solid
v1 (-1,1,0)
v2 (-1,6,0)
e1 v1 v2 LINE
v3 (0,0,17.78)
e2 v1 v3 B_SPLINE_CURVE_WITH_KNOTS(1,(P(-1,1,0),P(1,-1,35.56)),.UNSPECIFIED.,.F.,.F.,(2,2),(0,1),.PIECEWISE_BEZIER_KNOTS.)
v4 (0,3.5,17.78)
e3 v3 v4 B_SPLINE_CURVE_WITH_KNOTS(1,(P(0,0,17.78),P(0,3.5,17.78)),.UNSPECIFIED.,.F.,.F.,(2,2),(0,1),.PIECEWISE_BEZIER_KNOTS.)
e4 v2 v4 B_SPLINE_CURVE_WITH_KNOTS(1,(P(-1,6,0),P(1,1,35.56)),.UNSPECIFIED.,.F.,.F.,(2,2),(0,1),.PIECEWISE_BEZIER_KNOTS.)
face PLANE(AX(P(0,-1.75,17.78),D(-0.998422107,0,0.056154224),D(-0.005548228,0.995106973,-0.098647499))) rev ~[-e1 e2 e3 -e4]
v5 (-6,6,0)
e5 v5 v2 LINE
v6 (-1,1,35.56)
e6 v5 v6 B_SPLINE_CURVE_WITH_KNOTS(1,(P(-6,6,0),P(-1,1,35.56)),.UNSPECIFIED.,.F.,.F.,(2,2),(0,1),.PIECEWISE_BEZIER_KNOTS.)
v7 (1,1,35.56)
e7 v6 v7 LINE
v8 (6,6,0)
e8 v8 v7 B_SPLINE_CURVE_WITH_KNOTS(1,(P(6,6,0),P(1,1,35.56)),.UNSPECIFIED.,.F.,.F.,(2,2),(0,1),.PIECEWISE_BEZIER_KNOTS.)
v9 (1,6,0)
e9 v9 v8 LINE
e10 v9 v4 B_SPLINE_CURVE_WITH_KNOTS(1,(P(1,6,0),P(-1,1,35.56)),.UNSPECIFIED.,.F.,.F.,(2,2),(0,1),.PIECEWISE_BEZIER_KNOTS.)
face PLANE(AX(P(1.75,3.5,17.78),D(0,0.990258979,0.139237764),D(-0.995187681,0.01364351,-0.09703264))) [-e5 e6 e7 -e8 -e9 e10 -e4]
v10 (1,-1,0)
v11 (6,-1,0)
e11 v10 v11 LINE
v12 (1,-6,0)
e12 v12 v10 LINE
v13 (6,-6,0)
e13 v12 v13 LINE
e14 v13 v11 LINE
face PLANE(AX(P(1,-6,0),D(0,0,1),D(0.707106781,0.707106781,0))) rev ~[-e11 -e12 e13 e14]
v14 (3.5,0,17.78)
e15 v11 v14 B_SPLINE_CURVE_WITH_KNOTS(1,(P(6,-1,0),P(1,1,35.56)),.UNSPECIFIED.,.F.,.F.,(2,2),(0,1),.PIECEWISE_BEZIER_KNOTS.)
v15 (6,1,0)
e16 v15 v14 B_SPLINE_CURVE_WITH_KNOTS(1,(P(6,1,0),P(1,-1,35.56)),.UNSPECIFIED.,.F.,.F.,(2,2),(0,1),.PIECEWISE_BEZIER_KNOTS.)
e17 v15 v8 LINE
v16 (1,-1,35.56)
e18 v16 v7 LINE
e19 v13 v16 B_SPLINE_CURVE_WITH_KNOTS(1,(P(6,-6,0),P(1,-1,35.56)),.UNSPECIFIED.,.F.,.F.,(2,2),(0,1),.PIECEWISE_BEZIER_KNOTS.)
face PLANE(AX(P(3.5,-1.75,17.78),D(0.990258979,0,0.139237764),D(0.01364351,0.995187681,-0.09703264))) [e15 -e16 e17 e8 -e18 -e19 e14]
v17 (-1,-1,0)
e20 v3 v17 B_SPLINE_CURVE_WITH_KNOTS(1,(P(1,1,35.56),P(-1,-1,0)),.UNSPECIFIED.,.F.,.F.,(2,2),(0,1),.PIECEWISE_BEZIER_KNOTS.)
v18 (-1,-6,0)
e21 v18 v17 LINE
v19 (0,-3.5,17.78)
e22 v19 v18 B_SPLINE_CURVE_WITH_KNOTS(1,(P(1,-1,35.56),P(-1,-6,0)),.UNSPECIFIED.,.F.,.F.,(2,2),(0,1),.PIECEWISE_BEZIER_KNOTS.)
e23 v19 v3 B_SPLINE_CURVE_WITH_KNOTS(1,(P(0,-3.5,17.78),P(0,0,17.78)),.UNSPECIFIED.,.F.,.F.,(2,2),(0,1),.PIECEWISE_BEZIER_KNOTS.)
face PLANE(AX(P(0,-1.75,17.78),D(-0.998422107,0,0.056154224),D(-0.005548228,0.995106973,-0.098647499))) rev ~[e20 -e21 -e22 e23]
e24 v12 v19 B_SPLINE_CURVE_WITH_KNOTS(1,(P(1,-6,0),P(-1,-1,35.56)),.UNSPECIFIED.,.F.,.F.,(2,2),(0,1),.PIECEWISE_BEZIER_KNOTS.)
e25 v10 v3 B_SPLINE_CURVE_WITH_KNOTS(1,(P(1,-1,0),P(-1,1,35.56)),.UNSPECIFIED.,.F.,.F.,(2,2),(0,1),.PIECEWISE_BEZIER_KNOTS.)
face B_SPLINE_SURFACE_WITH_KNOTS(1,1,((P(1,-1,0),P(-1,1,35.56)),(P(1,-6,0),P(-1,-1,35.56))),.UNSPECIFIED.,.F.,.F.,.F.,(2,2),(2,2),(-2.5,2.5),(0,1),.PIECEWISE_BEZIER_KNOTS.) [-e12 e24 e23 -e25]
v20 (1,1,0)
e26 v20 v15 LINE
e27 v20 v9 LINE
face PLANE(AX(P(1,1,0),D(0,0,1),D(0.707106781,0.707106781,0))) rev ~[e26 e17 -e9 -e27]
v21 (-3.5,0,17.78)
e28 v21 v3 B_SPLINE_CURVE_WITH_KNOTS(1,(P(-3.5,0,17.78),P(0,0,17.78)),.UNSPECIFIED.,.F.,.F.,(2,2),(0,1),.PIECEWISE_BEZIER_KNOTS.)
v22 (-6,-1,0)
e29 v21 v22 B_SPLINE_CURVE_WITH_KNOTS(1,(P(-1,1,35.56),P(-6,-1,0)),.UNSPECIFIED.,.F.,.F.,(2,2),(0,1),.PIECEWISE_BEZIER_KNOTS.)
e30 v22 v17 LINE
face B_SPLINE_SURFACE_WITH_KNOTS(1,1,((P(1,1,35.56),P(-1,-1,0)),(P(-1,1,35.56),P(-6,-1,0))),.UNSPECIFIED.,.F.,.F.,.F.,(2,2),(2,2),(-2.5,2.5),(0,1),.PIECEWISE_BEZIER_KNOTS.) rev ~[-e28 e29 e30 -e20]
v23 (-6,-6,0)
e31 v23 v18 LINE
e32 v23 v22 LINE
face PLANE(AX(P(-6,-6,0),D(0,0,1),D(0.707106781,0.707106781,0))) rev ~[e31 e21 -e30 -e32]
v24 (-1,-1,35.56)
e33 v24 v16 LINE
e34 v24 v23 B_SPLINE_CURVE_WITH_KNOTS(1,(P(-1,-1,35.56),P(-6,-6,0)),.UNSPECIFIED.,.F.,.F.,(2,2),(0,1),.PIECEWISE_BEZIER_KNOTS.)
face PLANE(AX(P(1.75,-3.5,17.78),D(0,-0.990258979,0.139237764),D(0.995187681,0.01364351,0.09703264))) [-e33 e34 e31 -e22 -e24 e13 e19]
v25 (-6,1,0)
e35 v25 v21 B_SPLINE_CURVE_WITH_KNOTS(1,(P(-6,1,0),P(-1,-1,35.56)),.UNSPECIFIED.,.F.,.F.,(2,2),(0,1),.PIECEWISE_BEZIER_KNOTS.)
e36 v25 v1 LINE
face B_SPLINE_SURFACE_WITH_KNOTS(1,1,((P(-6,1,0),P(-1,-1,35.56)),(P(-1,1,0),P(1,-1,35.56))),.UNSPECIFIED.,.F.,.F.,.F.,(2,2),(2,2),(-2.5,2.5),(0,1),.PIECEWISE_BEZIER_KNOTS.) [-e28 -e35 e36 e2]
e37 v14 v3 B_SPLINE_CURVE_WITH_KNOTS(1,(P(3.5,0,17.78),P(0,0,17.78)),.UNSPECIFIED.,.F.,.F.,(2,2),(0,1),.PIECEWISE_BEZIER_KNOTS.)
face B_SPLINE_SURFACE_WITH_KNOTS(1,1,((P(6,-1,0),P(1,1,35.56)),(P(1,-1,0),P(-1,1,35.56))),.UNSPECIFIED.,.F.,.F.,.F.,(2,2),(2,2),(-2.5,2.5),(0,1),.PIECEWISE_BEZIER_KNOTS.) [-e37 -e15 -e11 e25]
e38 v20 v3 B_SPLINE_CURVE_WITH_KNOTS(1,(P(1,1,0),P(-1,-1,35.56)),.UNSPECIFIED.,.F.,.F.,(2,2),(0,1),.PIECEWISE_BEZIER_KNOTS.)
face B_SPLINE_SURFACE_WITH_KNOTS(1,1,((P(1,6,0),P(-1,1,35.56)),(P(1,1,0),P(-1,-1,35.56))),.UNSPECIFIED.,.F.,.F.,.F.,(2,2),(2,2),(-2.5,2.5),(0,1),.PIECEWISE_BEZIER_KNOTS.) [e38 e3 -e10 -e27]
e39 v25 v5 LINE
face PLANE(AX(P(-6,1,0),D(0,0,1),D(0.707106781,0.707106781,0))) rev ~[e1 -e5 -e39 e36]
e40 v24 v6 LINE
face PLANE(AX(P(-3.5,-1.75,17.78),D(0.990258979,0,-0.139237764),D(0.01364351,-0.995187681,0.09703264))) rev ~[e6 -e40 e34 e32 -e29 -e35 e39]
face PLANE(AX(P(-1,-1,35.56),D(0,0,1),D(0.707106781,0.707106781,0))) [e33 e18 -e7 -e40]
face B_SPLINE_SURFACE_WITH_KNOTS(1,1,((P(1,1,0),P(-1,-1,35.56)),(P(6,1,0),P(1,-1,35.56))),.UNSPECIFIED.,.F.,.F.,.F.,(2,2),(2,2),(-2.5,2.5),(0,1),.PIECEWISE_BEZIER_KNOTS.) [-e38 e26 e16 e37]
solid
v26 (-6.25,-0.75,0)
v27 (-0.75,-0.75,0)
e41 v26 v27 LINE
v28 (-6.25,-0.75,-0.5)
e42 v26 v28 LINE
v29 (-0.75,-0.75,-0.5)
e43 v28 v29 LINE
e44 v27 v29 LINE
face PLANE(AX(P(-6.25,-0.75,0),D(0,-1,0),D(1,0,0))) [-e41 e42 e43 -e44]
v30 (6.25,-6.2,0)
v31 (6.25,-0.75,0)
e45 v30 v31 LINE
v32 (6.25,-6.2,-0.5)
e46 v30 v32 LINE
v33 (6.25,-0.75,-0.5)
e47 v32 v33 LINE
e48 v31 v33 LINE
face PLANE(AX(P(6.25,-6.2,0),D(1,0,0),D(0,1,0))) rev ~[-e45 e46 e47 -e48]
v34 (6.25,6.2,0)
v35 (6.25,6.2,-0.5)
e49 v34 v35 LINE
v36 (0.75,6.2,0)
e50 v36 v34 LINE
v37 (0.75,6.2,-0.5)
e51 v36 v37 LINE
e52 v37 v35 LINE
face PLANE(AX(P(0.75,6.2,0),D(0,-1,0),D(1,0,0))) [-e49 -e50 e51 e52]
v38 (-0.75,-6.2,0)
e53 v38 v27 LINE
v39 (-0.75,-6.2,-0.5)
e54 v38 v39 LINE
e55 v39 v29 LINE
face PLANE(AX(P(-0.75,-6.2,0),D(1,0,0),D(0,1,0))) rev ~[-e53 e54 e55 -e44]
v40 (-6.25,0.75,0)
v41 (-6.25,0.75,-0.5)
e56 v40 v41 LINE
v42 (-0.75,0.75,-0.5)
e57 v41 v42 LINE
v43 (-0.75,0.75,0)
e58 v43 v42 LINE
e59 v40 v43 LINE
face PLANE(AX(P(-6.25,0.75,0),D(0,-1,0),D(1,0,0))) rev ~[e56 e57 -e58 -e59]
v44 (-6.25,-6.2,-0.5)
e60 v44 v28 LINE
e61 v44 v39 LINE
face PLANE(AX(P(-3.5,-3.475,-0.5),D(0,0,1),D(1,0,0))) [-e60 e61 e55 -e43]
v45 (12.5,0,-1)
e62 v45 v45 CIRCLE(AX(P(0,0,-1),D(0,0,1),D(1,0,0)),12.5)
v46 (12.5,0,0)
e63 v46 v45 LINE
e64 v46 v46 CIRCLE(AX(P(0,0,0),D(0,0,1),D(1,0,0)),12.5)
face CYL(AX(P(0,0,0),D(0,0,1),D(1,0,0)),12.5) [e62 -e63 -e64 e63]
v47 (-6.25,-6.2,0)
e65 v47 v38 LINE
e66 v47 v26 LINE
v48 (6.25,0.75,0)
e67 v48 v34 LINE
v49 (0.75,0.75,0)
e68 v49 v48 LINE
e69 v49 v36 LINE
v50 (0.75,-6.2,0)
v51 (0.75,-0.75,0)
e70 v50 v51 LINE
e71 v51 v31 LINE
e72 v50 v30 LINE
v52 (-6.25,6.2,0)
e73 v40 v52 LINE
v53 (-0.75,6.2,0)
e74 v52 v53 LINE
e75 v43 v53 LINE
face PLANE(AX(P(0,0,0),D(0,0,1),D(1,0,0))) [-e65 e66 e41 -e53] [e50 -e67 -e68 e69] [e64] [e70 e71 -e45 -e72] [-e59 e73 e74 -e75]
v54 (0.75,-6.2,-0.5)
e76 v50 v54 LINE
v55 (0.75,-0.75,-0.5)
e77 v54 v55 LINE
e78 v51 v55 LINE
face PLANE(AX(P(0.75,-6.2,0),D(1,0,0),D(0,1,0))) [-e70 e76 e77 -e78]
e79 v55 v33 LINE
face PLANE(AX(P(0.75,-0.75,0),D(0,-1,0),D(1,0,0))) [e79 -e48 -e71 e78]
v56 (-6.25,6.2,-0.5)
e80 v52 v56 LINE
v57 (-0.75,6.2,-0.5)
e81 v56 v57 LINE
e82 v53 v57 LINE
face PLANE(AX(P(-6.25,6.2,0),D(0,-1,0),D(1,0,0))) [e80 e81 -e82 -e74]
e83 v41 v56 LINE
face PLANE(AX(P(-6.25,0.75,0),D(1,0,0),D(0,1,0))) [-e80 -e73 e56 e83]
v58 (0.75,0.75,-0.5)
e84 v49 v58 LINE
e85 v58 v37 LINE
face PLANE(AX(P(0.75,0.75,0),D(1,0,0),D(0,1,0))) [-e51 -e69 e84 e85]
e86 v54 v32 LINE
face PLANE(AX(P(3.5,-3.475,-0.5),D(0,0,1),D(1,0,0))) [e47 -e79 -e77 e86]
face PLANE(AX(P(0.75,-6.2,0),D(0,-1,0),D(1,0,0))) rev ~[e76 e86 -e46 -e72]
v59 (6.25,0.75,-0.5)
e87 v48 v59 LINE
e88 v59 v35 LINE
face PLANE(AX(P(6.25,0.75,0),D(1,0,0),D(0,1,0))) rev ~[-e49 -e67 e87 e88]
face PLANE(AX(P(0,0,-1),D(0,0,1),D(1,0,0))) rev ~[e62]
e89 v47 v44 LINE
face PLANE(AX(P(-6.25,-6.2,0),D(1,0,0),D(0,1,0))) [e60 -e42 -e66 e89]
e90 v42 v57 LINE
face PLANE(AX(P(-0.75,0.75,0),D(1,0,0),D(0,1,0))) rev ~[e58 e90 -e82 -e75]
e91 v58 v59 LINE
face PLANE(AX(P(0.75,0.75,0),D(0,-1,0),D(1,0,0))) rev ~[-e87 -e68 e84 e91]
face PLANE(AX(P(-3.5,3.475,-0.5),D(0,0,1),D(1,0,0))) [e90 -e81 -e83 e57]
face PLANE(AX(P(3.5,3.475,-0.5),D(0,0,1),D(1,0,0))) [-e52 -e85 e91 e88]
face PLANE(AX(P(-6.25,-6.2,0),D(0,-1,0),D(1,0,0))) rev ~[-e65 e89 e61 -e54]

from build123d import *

# Parameters (mm, degrees)
F0_W      = 5
F0_H      = 5
F2_W      = 2
F2_H      = 2
F4_R      = 12.5
F5_DEPTH  = 1
F6_W      = 5.5
F6_H      = 5.45
F7_DEPTH  = 0.5
F3_FACE_W = 2
F3_FACE_H = 2


with BuildPart() as f3:
    # F0 (on Top) → F3 section 0
    with BuildSketch(Plane.XY):
        with Locations((-3.5, 3.5)):
            Rectangle(F0_W, F0_H)
    # F2 (on offset) → F3 section 1
    with BuildSketch(Plane.XY.offset(35.56)):
        Rectangle(F2_W, F2_H)
    loft()

    # F2 (on offset) → F8 section 0
    with BuildSketch(Plane.XY.offset(35.56)):
        Rectangle(F2_W, F2_H)
    # F0 (on Top) → F8 section 1
    with BuildSketch(Plane.XY):
        with Locations((-3.5, -3.5)):
            Rectangle(F0_W, F0_H)
    loft()

    # F0 (on Top) → F9 section 0
    with BuildSketch(Plane.XY):
        with Locations((3.5, 3.5)):
            Rectangle(F0_W, F0_H)
    # F3_face (on face) → F9 section 1
    with BuildSketch(Plane.XY.offset(35.56)):
        Rectangle(F3_FACE_W, F3_FACE_H)
    loft()

    # F0 (on Top) → F10 section 0
    with BuildSketch(Plane.XY):
        with Locations((3.5, -3.5)):
            Rectangle(F0_W, F0_H)
    # F3_face (on face) → F10 section 1
    with BuildSketch(Plane.XY.offset(35.56)):
        Rectangle(F3_FACE_W, F3_FACE_H)
    loft()


with BuildPart() as f5:
    # F4 (on Top) → F5 (new body)
    with BuildSketch(Plane.XY):
        Circle(F4_R)
    extrude(amount=-F5_DEPTH)

    # F6 (on face) → F7 (cut)
    with BuildSketch(Plane.XY):
        with Locations((-3.5, 3.475)):
            Rectangle(F6_W, F6_H)
        with Locations((3.5, 3.475)):
            Rectangle(F6_W, F6_H)
        with Locations((-3.5, -3.475)):
            Rectangle(F6_W, F6_H)
        with Locations((3.5, -3.475)):
            Rectangle(F6_W, F6_H)
    extrude(amount=-F7_DEPTH, mode=Mode.SUBTRACT)


solid = Compound([f3.part, f5.part])
